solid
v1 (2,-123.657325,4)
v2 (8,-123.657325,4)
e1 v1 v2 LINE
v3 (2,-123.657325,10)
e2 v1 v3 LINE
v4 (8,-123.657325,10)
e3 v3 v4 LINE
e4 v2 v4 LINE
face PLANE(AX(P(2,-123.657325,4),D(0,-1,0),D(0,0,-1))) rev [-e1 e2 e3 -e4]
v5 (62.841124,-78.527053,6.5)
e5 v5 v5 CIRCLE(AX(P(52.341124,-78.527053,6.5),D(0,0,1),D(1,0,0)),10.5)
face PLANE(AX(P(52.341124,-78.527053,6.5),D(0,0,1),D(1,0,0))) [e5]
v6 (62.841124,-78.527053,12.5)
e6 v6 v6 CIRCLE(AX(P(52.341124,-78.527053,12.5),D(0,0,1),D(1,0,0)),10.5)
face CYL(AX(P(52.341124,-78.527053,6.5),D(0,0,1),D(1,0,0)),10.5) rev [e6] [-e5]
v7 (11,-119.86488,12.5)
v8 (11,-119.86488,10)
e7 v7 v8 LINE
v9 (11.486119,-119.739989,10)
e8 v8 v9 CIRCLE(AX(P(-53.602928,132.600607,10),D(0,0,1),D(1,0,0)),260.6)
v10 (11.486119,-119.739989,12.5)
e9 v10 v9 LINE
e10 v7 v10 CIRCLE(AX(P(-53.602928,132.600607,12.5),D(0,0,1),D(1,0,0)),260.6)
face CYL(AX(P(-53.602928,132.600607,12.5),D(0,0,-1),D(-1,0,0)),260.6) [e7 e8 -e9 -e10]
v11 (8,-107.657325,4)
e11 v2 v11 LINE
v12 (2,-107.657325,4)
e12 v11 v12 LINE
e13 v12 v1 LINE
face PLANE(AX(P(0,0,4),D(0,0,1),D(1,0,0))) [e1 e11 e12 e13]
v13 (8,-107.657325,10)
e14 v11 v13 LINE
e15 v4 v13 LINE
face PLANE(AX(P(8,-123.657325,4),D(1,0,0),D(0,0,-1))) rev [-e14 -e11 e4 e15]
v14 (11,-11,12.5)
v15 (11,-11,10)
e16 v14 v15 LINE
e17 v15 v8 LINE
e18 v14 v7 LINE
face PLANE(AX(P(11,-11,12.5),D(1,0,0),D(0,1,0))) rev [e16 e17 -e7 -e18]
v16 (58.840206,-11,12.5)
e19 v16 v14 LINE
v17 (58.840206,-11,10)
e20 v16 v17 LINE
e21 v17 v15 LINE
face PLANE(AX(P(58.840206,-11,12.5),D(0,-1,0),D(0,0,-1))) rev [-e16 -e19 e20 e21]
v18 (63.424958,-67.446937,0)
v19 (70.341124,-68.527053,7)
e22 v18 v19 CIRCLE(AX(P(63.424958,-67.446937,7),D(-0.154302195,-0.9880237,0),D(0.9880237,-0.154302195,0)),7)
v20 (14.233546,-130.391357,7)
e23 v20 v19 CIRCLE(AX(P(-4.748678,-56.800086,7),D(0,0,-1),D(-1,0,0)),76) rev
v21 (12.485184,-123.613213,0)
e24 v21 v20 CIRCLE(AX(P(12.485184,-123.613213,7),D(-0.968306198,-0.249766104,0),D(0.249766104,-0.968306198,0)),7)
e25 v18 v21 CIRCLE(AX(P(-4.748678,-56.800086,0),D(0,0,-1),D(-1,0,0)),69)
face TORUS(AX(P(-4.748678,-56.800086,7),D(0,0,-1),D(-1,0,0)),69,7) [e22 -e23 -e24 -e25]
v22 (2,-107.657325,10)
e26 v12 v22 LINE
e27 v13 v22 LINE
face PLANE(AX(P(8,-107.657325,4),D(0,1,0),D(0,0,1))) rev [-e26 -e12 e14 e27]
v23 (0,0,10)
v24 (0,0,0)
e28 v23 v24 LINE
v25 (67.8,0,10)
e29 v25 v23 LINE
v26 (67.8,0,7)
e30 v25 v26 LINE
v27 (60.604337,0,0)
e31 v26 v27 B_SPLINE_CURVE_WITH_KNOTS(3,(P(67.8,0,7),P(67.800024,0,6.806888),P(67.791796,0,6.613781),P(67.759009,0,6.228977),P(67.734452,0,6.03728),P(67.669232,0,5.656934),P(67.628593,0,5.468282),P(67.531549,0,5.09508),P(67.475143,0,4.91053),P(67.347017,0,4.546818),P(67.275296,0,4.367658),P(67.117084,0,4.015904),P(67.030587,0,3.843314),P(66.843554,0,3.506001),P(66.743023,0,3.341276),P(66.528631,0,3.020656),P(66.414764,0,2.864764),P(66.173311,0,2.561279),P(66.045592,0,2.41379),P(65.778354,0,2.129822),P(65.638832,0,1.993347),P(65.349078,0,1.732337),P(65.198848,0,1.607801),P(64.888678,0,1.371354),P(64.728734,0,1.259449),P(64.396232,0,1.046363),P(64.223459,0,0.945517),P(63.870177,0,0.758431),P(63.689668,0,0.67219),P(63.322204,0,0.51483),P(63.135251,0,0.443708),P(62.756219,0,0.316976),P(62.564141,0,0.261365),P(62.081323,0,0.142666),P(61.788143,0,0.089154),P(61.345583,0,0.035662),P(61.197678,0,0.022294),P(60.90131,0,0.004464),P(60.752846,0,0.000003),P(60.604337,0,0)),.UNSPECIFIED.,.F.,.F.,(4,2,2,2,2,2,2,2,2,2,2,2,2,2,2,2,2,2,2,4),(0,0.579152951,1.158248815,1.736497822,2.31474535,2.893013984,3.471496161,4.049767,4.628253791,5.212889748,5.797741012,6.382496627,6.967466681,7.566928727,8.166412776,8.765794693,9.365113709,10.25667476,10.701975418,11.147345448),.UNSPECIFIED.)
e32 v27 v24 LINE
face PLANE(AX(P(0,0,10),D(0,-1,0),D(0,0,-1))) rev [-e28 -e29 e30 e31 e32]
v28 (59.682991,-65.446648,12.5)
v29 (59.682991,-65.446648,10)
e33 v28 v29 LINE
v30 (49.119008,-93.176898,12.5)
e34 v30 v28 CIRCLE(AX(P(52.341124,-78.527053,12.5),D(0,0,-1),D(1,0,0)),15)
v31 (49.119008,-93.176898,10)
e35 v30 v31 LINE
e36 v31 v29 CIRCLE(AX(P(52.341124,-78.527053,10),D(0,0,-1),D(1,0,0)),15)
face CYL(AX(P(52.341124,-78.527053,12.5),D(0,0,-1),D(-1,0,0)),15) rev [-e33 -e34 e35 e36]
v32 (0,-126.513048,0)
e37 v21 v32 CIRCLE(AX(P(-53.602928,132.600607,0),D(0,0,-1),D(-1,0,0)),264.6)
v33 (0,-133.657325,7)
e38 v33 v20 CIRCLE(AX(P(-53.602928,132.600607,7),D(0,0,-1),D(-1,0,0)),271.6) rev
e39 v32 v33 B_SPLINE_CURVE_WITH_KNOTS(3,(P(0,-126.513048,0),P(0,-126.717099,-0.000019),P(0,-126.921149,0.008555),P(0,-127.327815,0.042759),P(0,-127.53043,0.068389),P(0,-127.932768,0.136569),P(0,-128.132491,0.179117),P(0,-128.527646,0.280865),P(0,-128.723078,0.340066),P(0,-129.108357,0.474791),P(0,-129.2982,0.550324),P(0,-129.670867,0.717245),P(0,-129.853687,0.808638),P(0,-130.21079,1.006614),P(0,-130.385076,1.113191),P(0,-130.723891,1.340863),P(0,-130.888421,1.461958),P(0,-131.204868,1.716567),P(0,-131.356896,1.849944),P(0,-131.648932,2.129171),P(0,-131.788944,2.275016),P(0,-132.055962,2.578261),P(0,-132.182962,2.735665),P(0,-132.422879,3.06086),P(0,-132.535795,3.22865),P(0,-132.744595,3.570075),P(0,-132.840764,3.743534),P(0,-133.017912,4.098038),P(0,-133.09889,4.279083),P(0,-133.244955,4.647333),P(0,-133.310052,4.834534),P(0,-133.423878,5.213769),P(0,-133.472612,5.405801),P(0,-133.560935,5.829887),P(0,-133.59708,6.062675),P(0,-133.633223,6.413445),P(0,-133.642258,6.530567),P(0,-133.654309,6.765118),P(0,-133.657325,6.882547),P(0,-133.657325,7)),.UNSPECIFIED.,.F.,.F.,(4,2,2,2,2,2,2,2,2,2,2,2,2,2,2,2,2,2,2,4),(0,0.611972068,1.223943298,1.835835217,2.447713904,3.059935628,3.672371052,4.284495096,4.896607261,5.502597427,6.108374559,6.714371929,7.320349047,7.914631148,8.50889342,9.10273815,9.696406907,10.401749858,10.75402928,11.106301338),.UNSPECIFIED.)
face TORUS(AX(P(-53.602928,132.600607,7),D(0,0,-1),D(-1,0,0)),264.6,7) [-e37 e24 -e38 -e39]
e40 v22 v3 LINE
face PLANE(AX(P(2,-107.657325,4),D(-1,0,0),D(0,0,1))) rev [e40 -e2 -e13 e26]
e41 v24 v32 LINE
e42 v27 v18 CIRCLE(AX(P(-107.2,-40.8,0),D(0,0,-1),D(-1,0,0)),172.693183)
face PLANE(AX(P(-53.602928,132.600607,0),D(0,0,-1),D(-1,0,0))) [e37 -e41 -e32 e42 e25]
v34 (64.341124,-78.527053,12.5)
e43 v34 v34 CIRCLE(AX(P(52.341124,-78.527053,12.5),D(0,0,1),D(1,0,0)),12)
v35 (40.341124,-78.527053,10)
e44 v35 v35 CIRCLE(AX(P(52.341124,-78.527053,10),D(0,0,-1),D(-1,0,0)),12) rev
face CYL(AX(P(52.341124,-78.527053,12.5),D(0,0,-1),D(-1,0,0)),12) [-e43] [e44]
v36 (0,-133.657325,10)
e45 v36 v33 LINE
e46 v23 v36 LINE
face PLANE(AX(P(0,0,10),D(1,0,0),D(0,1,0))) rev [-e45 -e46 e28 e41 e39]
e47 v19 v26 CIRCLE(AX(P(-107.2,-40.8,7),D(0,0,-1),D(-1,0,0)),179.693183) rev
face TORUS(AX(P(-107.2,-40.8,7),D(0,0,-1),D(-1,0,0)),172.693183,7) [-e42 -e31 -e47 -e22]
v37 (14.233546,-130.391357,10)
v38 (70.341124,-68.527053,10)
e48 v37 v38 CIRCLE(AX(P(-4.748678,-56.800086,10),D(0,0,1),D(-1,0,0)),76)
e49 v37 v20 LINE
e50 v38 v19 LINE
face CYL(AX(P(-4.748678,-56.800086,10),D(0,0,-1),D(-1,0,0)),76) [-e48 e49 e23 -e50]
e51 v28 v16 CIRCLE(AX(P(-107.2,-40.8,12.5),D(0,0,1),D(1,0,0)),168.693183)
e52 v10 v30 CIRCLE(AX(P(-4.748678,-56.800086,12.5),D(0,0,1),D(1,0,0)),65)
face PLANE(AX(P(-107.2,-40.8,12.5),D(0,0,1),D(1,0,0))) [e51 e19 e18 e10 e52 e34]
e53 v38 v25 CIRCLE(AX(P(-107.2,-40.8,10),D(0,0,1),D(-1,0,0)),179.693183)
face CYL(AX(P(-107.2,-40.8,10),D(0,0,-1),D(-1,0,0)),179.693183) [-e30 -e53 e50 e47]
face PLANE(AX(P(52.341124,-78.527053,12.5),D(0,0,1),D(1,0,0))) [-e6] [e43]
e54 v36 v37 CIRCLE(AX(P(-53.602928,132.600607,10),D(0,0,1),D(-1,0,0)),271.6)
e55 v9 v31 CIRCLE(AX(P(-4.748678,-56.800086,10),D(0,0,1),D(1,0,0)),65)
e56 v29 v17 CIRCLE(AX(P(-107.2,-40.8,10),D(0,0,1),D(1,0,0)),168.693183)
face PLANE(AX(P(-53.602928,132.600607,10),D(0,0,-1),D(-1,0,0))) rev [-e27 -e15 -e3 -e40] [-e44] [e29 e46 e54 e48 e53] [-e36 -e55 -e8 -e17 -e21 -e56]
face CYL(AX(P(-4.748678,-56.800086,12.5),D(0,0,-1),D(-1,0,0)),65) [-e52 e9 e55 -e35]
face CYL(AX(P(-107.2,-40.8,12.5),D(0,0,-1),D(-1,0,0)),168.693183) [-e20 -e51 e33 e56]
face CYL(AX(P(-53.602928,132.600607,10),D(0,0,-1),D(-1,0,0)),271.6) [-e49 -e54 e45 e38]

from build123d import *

# Parameters (mm, degrees)
BOSS_EXTRUDE1_DEPTH = 10
FILLET1_R           = 7
BOSS_EXTRUDE2_DEPTH = 2.5
SKETCH8_W           = 6
SKETCH8_H           = 16
CUT_EXTRUDE1_DEPTH  = 6
SKETCH9_R           = 12
BOSS_EXTRUDE3_DEPTH = 2.5
SKETCH10_R          = 10.5
CUT_EXTRUDE2_DEPTH  = 6


with BuildPart() as part:
    # Sketch1 → Boss-Extrude1 (new body)
    with BuildSketch(Plane.XY):
        with BuildLine():
            Line((0, 0), (67.8, 0))
            ThreePointArc((67.8, 0), (72.369764115, -34.141185106), (70.341123561, -68.527052581))
            ThreePointArc((70.341123561, -68.527052581), (51.546832931, -107.857068487), (14.233546266, -130.391356799))
            ThreePointArc((14.233546266, -130.391356799), (7.138727746, -132.120022188), (0, -133.657325027))
            Line((0, -133.657325027), (0, 0))
        make_face()
    extrude(amount=BOSS_EXTRUDE1_DEPTH)

    # Fillet1
    fillet1_edges = [part.edges().sort_by_distance(p)[0] for p in [
        (72.369764115, -34.141185106, 0),
        (51.546832931, -107.857068487, 0),
        (7.138727746, -132.120022188, 0),
    ]]
    fillet(fillet1_edges, radius=FILLET1_R)

    # Sketch7 → Boss-Extrude2 (add)
    with BuildSketch(Plane.XY.offset(10)):
        with BuildLine():
            Line((11, -11), (11, -119.864879644))
            ThreePointArc((11, -119.864879644), (11.243089625, -119.802551163), (11.486119117, -119.739988621))
            ThreePointArc((11.486119117, -119.739988621), (32.734504551, -109.903861987), (49.119007756, -93.176897964))
            ThreePointArc((49.119007756, -93.176897964), (38.323820757, -73.187087964), (59.682991081, -65.446648104))
            ThreePointArc((59.682991081, -65.446648104), (61.472976924, -38.189093901), (58.840205899, -11))
            Line((58.840205899, -11), (11, -11))
        make_face()
    extrude(amount=BOSS_EXTRUDE2_DEPTH)

    # Sketch8 → Cut-Extrude1 (cut)
    with BuildSketch(Plane.XY.offset(10)):
        with Locations((5, -115.657325027)):
            Rectangle(SKETCH8_W, SKETCH8_H)
    extrude(amount=-CUT_EXTRUDE1_DEPTH, mode=Mode.SUBTRACT)

    # Sketch9 → Boss-Extrude3 (add)
    with BuildSketch(Plane.XY.offset(10)):
        with Locations((52.341123561, -78.527052581)):
            Circle(SKETCH9_R)
    extrude(amount=BOSS_EXTRUDE3_DEPTH)

    # Sketch10 → Cut-Extrude2 (cut)
    with BuildSketch(Plane.XY.offset(12.5)):
        with Locations((52.341123561, -78.527052581)):
            Circle(SKETCH10_R)
    extrude(amount=-CUT_EXTRUDE2_DEPTH, mode=Mode.SUBTRACT)


solid = part.part
